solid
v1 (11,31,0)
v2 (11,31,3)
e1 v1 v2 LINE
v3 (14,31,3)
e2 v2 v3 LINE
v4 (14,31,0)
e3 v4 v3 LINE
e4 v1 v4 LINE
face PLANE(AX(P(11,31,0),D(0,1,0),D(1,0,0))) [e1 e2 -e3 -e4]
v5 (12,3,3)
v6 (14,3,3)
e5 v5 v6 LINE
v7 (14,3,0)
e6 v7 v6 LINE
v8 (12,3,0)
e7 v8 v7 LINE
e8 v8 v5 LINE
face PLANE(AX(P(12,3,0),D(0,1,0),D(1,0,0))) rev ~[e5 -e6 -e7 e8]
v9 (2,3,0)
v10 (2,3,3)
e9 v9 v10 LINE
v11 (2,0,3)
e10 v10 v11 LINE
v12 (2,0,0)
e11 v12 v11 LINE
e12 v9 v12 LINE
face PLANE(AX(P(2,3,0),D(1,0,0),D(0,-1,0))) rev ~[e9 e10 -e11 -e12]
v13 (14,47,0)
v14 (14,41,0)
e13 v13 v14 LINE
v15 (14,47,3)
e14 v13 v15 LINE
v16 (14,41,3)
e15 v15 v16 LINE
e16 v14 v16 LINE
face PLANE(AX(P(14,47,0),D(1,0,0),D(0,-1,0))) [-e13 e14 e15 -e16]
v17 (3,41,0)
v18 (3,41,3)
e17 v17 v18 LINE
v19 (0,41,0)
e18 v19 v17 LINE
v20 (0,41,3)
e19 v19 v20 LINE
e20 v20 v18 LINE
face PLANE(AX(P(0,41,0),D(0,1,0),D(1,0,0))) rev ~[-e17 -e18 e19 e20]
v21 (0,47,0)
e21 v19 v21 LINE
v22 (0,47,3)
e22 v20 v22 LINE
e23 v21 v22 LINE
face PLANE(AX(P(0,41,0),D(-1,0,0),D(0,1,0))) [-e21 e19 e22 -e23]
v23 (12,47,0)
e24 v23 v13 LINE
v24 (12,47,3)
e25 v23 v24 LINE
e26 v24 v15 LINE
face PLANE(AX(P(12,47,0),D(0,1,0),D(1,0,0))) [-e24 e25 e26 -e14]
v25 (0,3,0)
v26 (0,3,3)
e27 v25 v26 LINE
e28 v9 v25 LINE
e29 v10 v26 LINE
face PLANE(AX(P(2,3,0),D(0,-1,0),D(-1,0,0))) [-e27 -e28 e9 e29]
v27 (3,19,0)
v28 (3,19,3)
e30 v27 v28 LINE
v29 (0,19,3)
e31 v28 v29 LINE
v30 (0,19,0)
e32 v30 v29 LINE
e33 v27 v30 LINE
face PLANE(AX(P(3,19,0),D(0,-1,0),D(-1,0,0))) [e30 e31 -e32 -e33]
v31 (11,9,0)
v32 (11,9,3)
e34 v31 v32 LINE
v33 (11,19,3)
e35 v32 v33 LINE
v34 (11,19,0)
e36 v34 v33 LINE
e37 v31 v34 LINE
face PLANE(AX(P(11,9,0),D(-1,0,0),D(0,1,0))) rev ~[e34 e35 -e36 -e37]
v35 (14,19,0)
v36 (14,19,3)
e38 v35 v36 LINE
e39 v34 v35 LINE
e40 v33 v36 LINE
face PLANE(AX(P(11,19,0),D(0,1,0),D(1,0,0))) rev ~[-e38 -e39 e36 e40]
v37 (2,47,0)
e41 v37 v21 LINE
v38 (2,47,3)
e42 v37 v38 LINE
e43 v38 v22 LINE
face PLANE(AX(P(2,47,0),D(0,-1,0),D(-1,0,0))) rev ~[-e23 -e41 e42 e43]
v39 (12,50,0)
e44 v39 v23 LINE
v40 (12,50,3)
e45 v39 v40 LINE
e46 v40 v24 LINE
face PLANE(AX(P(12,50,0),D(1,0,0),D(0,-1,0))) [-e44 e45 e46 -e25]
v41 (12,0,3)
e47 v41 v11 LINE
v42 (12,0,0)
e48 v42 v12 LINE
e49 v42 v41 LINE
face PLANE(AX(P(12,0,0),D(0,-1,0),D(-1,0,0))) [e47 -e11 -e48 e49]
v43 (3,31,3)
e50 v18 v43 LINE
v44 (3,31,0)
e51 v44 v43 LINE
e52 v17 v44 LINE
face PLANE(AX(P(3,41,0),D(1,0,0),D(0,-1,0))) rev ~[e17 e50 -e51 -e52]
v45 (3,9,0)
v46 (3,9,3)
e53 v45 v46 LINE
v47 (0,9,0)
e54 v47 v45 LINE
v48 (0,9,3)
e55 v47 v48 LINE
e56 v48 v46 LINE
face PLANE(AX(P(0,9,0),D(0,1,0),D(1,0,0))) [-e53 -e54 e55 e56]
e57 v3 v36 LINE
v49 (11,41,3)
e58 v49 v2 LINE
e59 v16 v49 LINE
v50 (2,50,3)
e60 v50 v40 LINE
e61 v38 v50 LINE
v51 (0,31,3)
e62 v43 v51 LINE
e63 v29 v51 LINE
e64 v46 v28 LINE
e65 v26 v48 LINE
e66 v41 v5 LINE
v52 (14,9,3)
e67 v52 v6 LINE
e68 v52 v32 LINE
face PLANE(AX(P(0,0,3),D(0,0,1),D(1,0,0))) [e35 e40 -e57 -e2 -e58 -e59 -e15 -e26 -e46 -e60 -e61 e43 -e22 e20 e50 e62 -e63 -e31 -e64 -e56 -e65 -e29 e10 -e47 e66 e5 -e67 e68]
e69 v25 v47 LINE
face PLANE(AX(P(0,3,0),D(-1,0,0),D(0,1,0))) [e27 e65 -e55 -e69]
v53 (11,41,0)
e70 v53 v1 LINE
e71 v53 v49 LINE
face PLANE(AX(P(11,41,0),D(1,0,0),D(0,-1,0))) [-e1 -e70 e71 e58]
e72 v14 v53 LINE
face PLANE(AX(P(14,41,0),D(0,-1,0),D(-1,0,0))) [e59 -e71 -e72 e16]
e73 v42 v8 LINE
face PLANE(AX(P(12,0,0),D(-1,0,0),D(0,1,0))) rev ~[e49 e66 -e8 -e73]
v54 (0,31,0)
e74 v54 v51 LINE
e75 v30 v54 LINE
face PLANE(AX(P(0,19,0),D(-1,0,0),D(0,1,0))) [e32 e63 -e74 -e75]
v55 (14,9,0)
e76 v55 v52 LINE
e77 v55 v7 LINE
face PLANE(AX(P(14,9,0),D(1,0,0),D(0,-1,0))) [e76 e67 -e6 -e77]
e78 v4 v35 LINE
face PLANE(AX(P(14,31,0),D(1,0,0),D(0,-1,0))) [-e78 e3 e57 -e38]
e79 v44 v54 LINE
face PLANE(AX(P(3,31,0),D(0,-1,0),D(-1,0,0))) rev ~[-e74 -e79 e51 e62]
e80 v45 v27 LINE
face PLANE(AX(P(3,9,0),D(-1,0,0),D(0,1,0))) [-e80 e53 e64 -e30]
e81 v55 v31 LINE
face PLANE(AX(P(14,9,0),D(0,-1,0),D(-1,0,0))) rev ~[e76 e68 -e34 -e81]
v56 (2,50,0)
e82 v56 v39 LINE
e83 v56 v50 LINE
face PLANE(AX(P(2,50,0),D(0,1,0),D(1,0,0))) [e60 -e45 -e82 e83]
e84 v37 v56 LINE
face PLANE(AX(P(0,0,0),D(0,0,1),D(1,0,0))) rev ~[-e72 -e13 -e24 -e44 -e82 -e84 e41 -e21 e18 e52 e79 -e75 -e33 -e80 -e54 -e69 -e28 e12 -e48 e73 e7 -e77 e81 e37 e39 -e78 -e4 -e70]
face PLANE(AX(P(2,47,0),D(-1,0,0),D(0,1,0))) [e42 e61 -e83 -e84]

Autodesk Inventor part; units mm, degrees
ref_plane "YZ Plane" through (0, 0, 0) normal (1, 0, 0) x (0, 1, 0)
ref_plane "XZ Plane" through (0, 0, 0) normal (0, 1, 0) x (-1, 0, 0)
ref_plane "XY Plane" through (0, 0, 0) normal (0, 0, 1) x (1, 0, 0)
sketch "Sketch1" plane through (0, 0, 0) normal (0, 0, 1) x (1, 0, 0)
  line L0 (0, 50) -> (14, 50)
  line L1 (14, 50) -> (14, 0)
  line L2 (14, 0) -> (0, 0)
  line L3 (0, 0) -> (0, 50)
  line L4 (2, 0) -> (12, 0)
  line L5 (12, 0) -> (12, 3)
  line L6 (2, 3) -> (2, 0)
  line L7 (0, 25) -> (14, 25) construction
  line L8 (12, 50) -> (12, 47)
  line L9 (2, 47) -> (2, 50)
  line L10 (2, 3) -> (0, 3)
  line L11 (12, 3) -> (14, 3)
  line L12 (2, 47) -> (0, 47)
  line L13 (12, 47) -> (14, 47)
  line L14 (14, 9) -> (11, 9)
  line L15 (11, 9) -> (11, 19)
  line L16 (11, 19) -> (14, 19)
  line L17 (14, 19) -> (14, 9)
  line L18 (0, 25) -> (14, 25) construction
  line L19 (14, 25) -> (14, 3) construction
  line L20 (14, 3) -> (0, 3) construction
  line L21 (0, 3) -> (0, 25) construction
  line L22 (7, 25) -> (7, 3) construction
  line L23 (0, 9) -> (3, 9)
  line L24 (3, 9) -> (3, 19)
  line L25 (3, 19) -> (0, 19)
  line L26 (14, 41) -> (11, 41)
  line L27 (11, 41) -> (11, 31)
  line L28 (11, 31) -> (14, 31)
  line L29 (0, 41) -> (3, 41)
  line L30 (3, 41) -> (3, 31)
  line L31 (3, 31) -> (0, 31)
  point P0 (7, 0)
  point P1 (14, 14)
  point P2 (11, 14)
  dimension "d0" = 14
  dimension "d1" = 10
  dimension "d3" = 3
  dimension "d4" = 50
  dimension "d5" = 5
  dimension "d6" = 10
  dimension "d7" = 3
extrude "Extrusion1" add sketch "Sketch1" along normal blind 3 contours L0 L8 L13 L1 L26 L27 L28 L16 L15 L14 L11 L5 L2 L6 L10 L3 L23 L24 L25 L31 L30 L29 L12 L9
sketch "Sketch2" plane through (0, 0, 3) normal (0, 0, 1) x (1, 0, 0)
  line L0 (4, 14) -> (10, 14)
  line L1 (10, 14) -> (10, 3)
  line L2 (10, 3) -> (4, 3)
  line L3 (4, 3) -> (4, 14)
  line L4 (2, 0) -> (12, 0) construction
  line L5 (3, 19) -> (3, 9) construction
  point P0 (0, 0)
  point P1 (2, 3)
  point P2 (7, 3)
  point P3 (7, 0)
  point P4 (3, 14)
  dimension "d10" = 6
properties part number "columna_techo"
